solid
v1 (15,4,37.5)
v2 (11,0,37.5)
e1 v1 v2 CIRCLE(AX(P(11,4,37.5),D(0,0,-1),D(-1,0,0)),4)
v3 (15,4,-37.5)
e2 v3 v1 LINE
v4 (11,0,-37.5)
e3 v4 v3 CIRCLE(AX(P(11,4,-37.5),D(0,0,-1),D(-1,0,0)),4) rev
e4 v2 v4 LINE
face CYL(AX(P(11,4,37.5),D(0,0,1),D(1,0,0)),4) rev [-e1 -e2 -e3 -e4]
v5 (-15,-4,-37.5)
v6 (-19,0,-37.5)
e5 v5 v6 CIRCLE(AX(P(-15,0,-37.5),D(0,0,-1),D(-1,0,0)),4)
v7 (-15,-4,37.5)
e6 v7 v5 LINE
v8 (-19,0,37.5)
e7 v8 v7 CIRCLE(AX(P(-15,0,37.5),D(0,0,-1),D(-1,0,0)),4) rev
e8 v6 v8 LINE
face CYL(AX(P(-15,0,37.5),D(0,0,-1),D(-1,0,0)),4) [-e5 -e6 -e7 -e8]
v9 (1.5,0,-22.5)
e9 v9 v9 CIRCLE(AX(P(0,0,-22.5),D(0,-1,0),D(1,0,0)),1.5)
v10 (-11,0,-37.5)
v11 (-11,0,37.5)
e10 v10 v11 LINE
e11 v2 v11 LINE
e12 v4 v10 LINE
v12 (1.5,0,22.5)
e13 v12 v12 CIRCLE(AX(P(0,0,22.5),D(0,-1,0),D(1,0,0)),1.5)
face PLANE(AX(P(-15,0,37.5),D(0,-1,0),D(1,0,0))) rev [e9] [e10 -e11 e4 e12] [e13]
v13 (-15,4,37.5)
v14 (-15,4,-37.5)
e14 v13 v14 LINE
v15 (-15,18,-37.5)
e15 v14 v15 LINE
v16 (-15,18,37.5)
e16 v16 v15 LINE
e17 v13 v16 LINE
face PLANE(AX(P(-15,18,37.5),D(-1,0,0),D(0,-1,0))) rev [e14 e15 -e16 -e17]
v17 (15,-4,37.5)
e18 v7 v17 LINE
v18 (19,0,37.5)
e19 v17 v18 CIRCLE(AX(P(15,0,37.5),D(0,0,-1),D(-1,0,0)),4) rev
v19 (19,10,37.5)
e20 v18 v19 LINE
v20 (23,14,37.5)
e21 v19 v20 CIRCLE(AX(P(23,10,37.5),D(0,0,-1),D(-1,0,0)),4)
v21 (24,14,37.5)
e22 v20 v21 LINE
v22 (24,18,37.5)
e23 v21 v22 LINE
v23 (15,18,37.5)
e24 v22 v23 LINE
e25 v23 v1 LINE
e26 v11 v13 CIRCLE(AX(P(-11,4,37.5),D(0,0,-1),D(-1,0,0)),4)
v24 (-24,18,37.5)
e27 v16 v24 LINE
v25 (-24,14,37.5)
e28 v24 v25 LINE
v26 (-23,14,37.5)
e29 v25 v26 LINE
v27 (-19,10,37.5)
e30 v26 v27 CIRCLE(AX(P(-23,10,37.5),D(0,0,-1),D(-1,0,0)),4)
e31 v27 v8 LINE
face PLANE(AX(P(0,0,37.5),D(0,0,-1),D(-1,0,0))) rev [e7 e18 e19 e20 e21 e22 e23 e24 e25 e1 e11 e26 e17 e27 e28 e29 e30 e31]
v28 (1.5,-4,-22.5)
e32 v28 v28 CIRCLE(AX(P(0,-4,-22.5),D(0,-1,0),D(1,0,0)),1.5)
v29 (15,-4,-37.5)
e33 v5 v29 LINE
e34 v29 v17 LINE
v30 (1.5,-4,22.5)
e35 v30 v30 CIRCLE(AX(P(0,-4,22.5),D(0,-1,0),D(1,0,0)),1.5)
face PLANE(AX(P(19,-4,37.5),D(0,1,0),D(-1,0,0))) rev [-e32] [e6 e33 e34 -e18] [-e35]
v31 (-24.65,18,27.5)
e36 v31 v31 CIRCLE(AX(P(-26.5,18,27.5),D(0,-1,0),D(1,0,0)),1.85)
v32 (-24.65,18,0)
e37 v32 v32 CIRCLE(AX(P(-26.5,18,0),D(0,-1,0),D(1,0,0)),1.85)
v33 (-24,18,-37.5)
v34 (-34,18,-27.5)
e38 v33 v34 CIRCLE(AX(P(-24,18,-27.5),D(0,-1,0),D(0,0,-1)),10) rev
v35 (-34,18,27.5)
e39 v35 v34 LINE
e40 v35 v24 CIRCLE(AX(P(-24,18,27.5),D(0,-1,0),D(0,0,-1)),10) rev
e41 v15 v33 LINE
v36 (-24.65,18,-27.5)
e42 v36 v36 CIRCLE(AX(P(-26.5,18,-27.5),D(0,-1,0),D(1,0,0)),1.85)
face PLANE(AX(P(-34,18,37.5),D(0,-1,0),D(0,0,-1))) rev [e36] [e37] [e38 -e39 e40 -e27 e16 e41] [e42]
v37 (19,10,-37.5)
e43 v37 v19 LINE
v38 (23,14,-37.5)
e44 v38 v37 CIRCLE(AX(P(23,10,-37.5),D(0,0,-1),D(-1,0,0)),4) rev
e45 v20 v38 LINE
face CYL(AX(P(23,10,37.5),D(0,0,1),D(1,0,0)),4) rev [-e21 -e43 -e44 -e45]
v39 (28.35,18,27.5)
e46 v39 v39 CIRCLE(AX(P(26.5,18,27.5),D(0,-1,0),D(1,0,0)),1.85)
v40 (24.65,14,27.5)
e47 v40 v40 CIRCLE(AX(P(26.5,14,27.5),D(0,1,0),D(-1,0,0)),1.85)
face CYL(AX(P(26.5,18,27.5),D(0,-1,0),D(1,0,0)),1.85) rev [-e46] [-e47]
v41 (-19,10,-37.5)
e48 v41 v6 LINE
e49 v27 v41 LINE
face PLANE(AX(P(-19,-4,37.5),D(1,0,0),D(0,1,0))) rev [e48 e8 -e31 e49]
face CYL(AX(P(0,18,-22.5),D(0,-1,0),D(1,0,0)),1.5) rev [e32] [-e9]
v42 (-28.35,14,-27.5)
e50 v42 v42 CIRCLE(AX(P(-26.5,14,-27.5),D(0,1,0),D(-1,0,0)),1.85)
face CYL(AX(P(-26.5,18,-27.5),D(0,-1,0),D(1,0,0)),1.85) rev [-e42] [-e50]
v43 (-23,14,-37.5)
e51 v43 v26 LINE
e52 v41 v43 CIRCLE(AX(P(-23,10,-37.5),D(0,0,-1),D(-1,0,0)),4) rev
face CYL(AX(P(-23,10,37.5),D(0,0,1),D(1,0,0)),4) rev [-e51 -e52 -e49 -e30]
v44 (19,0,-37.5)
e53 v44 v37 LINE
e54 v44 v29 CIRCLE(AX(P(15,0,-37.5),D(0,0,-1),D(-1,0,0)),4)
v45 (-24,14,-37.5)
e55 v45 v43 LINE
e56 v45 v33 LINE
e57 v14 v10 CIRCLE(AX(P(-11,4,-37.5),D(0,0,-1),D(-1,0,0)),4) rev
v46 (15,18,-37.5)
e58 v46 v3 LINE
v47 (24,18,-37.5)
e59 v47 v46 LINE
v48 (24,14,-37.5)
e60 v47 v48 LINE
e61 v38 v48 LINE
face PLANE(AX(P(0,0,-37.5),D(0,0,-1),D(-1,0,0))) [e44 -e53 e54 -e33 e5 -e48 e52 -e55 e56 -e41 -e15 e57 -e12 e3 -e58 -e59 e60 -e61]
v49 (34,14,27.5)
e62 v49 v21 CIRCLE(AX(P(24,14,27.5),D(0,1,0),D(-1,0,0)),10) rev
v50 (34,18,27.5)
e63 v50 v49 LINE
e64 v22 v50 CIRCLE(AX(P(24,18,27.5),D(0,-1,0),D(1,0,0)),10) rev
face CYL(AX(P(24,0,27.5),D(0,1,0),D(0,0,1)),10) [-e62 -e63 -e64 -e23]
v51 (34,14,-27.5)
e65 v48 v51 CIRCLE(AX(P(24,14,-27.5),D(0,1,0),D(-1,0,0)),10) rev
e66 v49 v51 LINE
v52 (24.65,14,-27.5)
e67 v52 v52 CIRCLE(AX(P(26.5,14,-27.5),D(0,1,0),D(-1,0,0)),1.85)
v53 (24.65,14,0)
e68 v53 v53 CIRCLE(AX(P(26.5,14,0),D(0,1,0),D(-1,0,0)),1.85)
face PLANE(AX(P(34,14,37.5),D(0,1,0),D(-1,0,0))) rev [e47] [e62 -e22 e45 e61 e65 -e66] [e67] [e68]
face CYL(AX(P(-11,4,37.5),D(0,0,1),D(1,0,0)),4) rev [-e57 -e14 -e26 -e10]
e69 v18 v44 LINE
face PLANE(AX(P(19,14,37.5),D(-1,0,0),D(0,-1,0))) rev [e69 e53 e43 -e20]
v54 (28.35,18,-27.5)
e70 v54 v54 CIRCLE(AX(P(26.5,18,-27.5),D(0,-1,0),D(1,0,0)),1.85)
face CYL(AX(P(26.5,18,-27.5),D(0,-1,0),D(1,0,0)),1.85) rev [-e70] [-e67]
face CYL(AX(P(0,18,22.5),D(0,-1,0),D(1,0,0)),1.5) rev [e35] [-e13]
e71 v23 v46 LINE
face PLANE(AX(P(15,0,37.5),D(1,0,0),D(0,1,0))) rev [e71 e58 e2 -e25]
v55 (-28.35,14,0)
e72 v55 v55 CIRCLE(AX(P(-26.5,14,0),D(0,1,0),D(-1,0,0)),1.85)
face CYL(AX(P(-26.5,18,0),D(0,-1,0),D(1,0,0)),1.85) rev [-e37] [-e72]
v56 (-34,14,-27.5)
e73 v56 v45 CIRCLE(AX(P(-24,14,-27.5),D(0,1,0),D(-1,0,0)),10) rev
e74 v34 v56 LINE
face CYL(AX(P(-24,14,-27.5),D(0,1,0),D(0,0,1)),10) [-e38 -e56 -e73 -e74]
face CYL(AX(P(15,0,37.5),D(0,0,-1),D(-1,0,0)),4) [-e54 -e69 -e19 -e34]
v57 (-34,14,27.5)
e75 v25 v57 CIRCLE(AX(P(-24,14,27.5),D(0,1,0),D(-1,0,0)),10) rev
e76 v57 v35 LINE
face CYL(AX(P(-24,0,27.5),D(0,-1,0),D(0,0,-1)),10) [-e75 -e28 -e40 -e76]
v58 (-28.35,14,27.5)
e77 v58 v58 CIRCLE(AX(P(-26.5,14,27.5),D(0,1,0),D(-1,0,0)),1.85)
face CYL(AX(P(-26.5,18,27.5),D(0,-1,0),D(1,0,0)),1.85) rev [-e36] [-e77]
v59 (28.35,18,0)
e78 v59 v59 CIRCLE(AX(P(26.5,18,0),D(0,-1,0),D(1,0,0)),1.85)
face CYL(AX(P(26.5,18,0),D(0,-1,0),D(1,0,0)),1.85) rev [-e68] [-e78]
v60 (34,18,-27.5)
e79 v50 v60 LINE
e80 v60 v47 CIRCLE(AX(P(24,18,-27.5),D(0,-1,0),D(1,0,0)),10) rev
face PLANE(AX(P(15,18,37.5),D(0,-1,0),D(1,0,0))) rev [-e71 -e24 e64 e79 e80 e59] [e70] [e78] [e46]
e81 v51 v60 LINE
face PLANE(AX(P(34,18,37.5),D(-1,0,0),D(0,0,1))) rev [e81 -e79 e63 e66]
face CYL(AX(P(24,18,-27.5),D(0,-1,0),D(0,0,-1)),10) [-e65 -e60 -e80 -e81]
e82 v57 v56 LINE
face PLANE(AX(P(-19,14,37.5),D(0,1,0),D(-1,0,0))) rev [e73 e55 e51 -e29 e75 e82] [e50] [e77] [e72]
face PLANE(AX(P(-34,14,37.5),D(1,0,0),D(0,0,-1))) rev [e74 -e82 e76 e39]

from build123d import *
from OCP.BRepFilletAPI import BRepFilletAPI_MakeFillet

# Parameters (mm, degrees)
BOSS_EXTRUDE1_DEPTH = 37.5
SKETCH2_R           = 1.5
SKETCH2_R_2         = 1.85
CUT_EXTRUDE1_DEPTH  = 56.192843739
FILLET1_R1          = 4
FILLET1_R2          = 10


with BuildPart() as part:
    # Sketch1 → Boss-Extrude1 (new, symmetric)
    with BuildSketch(Plane.XY):
        Polygon((-34, 18), (-15, 18), (-15, 0), (15, 0), (15, 18), (34, 18), (34, 14), (19, 14), (19, -4), (-19, -4), (-19, 14), (-34, 14), align=None)
    extrude(amount=BOSS_EXTRUDE1_DEPTH, both=True)

    # Sketch2 → Cut-Extrude1 (cut, through all)
    with BuildSketch(Plane.XZ.offset(4)):
        with Locations((0, 22.5)):
            Circle(SKETCH2_R)
        with Locations((0, -22.5)):
            Circle(SKETCH2_R)
        with Locations((-26.5, 27.5)):
            Circle(SKETCH2_R_2)
        with Locations((-26.5, 0)):
            Circle(SKETCH2_R_2)
        with Locations((-26.5, -27.5)):
            Circle(SKETCH2_R_2)
        with Locations((26.5, 27.5)):
            Circle(SKETCH2_R_2)
        with Locations((26.5, -27.5)):
            Circle(SKETCH2_R_2)
        with Locations((26.5, 0)):
            Circle(SKETCH2_R_2)
    extrude(amount=-CUT_EXTRUDE1_DEPTH, mode=Mode.SUBTRACT)

    # Fillet1: one fillet with a radius per group of edges: ONE call of the kernel's fillet builder (fillet() takes one radius for all edges)
    fillet1_edges_1 = [part.edges().sort_by_distance(p)[0] for p in [
        (-15, 0, 0),
        (15, 0, 0),
        (-19, -4, 0),
        (19, -4, 0),
        (19, 14, 0),
        (-19, 14, 0),
    ]]
    fillet1_edges_2 = [part.edges().sort_by_distance(p)[0] for p in [
        (-34, 16, 37.5),
        (-34, 16, -37.5),
        (34, 16, -37.5),
        (34, 16, 37.5),
    ]]
    fillet1 = BRepFilletAPI_MakeFillet(part.part.solid().wrapped)
    for e in fillet1_edges_1:
        fillet1.Add(FILLET1_R1, e.wrapped)
    for e in fillet1_edges_2:
        fillet1.Add(FILLET1_R2, e.wrapped)
    add(Compound.cast(fillet1.Shape()), mode=Mode.REPLACE)


solid = part.part
